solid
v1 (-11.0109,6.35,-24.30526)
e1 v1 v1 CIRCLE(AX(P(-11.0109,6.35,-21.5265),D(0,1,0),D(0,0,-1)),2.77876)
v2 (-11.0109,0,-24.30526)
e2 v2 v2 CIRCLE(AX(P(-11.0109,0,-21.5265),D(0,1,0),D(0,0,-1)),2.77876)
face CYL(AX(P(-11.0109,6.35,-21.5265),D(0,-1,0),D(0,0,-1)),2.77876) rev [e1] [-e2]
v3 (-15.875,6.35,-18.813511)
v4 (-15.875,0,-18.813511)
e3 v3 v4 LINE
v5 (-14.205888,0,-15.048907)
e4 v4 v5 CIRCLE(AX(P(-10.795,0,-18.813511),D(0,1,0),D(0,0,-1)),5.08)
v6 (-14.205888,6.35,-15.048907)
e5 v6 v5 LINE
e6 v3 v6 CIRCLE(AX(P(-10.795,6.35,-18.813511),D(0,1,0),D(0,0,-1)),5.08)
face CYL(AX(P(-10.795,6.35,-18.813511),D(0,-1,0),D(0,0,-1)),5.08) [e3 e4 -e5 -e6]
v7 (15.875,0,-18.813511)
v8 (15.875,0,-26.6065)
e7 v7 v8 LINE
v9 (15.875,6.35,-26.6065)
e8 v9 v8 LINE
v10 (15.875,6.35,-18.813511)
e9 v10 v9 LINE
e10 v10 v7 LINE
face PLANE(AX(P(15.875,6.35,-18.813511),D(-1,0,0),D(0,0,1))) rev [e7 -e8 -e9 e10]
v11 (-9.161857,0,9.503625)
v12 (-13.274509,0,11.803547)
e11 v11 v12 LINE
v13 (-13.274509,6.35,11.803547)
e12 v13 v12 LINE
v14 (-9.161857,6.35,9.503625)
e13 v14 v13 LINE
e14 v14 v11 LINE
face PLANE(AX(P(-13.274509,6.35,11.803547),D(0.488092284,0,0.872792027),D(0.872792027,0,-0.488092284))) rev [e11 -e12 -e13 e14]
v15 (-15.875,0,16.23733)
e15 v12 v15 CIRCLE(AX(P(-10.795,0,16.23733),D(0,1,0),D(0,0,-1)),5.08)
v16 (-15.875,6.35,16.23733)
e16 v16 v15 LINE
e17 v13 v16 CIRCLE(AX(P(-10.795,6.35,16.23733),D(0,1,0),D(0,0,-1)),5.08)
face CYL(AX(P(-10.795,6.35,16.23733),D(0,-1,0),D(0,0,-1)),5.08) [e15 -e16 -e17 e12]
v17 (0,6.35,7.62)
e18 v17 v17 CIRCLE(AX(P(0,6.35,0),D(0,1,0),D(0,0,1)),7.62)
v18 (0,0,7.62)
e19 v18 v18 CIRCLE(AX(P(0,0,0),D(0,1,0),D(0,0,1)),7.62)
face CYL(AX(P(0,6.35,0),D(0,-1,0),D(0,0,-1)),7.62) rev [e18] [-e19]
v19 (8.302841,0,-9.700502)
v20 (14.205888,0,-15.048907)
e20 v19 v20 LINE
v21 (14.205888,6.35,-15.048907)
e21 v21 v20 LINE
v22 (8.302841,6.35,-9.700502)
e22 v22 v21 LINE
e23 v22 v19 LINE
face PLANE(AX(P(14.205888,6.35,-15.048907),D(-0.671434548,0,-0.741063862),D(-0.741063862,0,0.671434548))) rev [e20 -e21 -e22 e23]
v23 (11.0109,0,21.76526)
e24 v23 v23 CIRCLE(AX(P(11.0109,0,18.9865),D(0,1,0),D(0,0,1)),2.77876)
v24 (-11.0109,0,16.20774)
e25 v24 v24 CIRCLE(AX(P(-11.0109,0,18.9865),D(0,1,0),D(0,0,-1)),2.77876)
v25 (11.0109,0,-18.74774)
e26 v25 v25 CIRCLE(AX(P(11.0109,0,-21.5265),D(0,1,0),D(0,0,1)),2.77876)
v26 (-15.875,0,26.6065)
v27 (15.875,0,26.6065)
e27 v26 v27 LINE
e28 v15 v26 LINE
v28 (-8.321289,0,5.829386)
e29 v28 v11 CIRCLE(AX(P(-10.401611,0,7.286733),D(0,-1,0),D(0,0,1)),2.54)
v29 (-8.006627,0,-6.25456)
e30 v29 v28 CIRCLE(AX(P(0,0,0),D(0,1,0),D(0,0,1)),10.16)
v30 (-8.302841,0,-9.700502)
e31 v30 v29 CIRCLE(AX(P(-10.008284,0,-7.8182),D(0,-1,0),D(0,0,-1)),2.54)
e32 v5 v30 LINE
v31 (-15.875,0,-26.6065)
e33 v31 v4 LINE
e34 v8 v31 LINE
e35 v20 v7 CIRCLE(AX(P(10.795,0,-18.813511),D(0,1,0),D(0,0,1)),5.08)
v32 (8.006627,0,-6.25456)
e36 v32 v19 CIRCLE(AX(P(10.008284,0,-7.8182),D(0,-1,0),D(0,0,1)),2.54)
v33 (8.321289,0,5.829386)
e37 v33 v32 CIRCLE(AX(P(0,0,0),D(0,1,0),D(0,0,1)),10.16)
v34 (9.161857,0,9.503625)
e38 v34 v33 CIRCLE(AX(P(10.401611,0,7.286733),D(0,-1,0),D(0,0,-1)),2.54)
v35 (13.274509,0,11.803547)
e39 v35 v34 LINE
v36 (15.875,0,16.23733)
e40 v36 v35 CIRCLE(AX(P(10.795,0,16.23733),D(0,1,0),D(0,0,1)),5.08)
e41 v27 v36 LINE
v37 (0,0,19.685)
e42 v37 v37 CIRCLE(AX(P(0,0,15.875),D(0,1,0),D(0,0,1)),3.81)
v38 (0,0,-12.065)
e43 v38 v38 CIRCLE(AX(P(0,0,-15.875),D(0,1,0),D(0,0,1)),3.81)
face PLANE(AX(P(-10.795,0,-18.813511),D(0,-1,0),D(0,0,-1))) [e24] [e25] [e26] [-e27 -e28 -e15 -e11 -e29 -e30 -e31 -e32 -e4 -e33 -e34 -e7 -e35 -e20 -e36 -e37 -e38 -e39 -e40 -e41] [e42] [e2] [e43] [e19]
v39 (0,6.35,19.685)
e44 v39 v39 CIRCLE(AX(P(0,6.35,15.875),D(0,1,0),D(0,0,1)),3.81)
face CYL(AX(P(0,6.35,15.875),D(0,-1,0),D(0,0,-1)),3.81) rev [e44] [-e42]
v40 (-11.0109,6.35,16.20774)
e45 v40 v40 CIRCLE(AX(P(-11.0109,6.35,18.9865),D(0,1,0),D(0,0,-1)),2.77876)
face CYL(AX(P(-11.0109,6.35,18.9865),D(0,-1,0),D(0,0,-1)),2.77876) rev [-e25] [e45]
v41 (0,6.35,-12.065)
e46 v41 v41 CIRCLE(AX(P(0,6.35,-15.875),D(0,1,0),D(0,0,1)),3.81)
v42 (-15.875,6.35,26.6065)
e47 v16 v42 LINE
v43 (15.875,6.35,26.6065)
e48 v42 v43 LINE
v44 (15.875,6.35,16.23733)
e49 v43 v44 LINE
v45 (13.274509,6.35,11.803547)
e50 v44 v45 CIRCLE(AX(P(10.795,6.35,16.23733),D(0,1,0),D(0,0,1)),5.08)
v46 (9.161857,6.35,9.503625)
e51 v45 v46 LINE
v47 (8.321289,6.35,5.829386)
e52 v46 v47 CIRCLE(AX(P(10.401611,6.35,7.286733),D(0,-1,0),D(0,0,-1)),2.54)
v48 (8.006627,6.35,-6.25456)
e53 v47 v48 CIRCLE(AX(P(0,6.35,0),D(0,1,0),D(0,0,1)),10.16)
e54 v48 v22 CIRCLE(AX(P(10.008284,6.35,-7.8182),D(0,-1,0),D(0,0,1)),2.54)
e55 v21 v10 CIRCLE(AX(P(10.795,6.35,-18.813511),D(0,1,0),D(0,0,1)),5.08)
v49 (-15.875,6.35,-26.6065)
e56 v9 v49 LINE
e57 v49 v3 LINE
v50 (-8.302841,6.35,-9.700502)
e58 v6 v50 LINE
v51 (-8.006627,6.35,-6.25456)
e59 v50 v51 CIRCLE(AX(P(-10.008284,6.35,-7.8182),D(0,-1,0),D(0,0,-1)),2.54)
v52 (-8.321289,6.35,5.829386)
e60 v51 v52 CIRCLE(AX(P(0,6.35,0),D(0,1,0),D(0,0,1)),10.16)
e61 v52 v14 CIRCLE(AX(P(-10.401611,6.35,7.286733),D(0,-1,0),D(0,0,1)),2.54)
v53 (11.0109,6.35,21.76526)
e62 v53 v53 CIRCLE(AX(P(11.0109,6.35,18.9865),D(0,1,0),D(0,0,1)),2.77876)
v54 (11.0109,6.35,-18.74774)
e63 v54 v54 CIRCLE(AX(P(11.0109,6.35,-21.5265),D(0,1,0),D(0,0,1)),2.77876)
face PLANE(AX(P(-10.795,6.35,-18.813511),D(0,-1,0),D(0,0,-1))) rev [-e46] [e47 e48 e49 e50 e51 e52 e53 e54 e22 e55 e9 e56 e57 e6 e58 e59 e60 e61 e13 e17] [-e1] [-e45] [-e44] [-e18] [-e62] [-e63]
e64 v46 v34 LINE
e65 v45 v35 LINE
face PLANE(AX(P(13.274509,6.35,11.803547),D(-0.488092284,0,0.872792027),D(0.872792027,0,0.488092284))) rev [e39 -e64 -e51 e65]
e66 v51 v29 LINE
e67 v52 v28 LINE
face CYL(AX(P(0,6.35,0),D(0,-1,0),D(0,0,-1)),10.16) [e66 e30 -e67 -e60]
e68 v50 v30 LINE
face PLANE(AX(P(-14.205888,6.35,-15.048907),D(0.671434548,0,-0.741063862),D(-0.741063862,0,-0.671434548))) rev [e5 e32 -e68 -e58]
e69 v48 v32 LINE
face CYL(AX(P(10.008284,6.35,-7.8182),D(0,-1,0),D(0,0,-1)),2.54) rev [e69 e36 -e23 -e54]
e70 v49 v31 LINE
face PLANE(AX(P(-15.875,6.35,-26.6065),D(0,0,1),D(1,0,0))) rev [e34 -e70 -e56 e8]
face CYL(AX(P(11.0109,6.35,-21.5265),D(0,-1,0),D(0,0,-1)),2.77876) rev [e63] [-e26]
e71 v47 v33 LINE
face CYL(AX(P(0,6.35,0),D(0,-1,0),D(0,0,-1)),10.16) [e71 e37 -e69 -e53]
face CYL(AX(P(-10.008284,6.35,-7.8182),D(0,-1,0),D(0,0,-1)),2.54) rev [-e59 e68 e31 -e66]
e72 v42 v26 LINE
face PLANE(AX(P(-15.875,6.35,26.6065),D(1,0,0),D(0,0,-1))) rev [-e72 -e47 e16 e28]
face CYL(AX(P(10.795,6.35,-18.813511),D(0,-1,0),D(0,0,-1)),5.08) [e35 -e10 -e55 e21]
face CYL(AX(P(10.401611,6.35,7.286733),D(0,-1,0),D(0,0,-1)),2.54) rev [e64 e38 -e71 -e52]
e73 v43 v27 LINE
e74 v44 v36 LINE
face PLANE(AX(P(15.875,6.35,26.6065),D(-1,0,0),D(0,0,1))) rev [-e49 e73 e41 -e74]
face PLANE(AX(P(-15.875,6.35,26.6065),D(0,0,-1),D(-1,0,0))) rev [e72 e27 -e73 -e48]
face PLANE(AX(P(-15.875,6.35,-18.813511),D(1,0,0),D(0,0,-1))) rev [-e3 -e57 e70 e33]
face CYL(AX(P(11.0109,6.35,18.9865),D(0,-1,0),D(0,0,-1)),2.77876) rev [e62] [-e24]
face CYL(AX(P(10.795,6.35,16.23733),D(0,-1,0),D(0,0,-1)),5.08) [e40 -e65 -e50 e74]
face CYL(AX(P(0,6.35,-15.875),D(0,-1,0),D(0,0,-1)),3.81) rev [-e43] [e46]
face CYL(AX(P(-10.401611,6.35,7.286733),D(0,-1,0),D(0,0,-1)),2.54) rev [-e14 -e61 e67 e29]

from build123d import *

# Parameters (mm, degrees)
SKETCH1_R           = 2.77876
SKETCH1_R_2         = 7.62
SKETCH1_R_3         = 3.81
BOSS_EXTRUDE1_DEPTH = 6.35


with BuildPart() as part:
    # Sketch1 → Boss-Extrude1 (new body)
    with BuildSketch(Plane(origin=(0, 0, 0), x_dir=(1, 0, 0), z_dir=(0, 1, 0))):
        with BuildLine():
            Line((-15.875, -26.6065), (15.875, -26.6065))
            Line((15.875, -26.6065), (15.875, -16.237330354))
            ThreePointArc((15.875, -16.237330354), (15.176911953, -13.667262721), (13.274508805, -11.803546858))
            Line((13.274508805, -11.803546858), (9.161857046, -9.503624849))
            ThreePointArc((9.161857046, -9.503624849), (7.9255795, -7.853183269), (8.321289158, -5.829386481))
            ThreePointArc((8.321289158, -5.829386481), (10.156557189, 0.264473195), (8.006627428, 6.254559715))
            ThreePointArc((8.006627428, 6.254559715), (7.477616777, 8.035735763), (8.302840532, 9.700501853))
            Line((8.302840532, 9.700501853), (14.205887505, 15.048906872))
            ThreePointArc((14.205887505, 15.048906872), (15.439012733, 16.75449557), (15.875, 18.81351129))
            Line((15.875, 18.81351129), (15.875, 26.6065))
            Line((15.875, 26.6065), (-15.875, 26.6065))
            Line((-15.875, 26.6065), (-15.875, 18.81351129))
            ThreePointArc((-15.875, 18.81351129), (-15.439012733, 16.75449557), (-14.205887505, 15.048906872))
            Line((-14.205887505, 15.048906872), (-8.302840532, 9.700501853))
            ThreePointArc((-8.302840532, 9.700501853), (-7.477616777, 8.035735763), (-8.006627428, 6.254559715))
            ThreePointArc((-8.006627428, 6.254559715), (-10.156557189, 0.264473195), (-8.321289158, -5.829386481))
            ThreePointArc((-8.321289158, -5.829386481), (-7.9255795, -7.853183269), (-9.161857046, -9.503624849))
            Line((-9.161857046, -9.503624849), (-13.274508805, -11.803546858))
            ThreePointArc((-13.274508805, -11.803546858), (-15.176911953, -13.667262721), (-15.875, -16.237330354))
            Line((-15.875, -16.237330354), (-15.875, -26.6065))
        make_face()
        with Locations(Location((11.0109, 21.5265, 0), (0, 0, 270))):
            Circle(SKETCH1_R, mode=Mode.SUBTRACT)
        with Locations(Location((11.0109, -18.9865, 0), (0, 0, 270))):
            Circle(SKETCH1_R, mode=Mode.SUBTRACT)
        with Locations(Location((-11.0109, -18.9865, 0), (0, 0, 90))):
            Circle(SKETCH1_R, mode=Mode.SUBTRACT)
        with Locations(Location((-11.0109, 21.5265, 0), (0, 0, 90))):
            Circle(SKETCH1_R, mode=Mode.SUBTRACT)
        with Locations(Location((0, 0, 0), (0, 0, 270))):
            Circle(SKETCH1_R_2, mode=Mode.SUBTRACT)
        with Locations(Location((0, 15.875, 0), (0, 0, 270))):
            Circle(SKETCH1_R_3, mode=Mode.SUBTRACT)
        with Locations(Location((0, -15.875, 0), (0, 0, 270))):
            Circle(SKETCH1_R_3, mode=Mode.SUBTRACT)
    extrude(amount=BOSS_EXTRUDE1_DEPTH)


solid = part.part
